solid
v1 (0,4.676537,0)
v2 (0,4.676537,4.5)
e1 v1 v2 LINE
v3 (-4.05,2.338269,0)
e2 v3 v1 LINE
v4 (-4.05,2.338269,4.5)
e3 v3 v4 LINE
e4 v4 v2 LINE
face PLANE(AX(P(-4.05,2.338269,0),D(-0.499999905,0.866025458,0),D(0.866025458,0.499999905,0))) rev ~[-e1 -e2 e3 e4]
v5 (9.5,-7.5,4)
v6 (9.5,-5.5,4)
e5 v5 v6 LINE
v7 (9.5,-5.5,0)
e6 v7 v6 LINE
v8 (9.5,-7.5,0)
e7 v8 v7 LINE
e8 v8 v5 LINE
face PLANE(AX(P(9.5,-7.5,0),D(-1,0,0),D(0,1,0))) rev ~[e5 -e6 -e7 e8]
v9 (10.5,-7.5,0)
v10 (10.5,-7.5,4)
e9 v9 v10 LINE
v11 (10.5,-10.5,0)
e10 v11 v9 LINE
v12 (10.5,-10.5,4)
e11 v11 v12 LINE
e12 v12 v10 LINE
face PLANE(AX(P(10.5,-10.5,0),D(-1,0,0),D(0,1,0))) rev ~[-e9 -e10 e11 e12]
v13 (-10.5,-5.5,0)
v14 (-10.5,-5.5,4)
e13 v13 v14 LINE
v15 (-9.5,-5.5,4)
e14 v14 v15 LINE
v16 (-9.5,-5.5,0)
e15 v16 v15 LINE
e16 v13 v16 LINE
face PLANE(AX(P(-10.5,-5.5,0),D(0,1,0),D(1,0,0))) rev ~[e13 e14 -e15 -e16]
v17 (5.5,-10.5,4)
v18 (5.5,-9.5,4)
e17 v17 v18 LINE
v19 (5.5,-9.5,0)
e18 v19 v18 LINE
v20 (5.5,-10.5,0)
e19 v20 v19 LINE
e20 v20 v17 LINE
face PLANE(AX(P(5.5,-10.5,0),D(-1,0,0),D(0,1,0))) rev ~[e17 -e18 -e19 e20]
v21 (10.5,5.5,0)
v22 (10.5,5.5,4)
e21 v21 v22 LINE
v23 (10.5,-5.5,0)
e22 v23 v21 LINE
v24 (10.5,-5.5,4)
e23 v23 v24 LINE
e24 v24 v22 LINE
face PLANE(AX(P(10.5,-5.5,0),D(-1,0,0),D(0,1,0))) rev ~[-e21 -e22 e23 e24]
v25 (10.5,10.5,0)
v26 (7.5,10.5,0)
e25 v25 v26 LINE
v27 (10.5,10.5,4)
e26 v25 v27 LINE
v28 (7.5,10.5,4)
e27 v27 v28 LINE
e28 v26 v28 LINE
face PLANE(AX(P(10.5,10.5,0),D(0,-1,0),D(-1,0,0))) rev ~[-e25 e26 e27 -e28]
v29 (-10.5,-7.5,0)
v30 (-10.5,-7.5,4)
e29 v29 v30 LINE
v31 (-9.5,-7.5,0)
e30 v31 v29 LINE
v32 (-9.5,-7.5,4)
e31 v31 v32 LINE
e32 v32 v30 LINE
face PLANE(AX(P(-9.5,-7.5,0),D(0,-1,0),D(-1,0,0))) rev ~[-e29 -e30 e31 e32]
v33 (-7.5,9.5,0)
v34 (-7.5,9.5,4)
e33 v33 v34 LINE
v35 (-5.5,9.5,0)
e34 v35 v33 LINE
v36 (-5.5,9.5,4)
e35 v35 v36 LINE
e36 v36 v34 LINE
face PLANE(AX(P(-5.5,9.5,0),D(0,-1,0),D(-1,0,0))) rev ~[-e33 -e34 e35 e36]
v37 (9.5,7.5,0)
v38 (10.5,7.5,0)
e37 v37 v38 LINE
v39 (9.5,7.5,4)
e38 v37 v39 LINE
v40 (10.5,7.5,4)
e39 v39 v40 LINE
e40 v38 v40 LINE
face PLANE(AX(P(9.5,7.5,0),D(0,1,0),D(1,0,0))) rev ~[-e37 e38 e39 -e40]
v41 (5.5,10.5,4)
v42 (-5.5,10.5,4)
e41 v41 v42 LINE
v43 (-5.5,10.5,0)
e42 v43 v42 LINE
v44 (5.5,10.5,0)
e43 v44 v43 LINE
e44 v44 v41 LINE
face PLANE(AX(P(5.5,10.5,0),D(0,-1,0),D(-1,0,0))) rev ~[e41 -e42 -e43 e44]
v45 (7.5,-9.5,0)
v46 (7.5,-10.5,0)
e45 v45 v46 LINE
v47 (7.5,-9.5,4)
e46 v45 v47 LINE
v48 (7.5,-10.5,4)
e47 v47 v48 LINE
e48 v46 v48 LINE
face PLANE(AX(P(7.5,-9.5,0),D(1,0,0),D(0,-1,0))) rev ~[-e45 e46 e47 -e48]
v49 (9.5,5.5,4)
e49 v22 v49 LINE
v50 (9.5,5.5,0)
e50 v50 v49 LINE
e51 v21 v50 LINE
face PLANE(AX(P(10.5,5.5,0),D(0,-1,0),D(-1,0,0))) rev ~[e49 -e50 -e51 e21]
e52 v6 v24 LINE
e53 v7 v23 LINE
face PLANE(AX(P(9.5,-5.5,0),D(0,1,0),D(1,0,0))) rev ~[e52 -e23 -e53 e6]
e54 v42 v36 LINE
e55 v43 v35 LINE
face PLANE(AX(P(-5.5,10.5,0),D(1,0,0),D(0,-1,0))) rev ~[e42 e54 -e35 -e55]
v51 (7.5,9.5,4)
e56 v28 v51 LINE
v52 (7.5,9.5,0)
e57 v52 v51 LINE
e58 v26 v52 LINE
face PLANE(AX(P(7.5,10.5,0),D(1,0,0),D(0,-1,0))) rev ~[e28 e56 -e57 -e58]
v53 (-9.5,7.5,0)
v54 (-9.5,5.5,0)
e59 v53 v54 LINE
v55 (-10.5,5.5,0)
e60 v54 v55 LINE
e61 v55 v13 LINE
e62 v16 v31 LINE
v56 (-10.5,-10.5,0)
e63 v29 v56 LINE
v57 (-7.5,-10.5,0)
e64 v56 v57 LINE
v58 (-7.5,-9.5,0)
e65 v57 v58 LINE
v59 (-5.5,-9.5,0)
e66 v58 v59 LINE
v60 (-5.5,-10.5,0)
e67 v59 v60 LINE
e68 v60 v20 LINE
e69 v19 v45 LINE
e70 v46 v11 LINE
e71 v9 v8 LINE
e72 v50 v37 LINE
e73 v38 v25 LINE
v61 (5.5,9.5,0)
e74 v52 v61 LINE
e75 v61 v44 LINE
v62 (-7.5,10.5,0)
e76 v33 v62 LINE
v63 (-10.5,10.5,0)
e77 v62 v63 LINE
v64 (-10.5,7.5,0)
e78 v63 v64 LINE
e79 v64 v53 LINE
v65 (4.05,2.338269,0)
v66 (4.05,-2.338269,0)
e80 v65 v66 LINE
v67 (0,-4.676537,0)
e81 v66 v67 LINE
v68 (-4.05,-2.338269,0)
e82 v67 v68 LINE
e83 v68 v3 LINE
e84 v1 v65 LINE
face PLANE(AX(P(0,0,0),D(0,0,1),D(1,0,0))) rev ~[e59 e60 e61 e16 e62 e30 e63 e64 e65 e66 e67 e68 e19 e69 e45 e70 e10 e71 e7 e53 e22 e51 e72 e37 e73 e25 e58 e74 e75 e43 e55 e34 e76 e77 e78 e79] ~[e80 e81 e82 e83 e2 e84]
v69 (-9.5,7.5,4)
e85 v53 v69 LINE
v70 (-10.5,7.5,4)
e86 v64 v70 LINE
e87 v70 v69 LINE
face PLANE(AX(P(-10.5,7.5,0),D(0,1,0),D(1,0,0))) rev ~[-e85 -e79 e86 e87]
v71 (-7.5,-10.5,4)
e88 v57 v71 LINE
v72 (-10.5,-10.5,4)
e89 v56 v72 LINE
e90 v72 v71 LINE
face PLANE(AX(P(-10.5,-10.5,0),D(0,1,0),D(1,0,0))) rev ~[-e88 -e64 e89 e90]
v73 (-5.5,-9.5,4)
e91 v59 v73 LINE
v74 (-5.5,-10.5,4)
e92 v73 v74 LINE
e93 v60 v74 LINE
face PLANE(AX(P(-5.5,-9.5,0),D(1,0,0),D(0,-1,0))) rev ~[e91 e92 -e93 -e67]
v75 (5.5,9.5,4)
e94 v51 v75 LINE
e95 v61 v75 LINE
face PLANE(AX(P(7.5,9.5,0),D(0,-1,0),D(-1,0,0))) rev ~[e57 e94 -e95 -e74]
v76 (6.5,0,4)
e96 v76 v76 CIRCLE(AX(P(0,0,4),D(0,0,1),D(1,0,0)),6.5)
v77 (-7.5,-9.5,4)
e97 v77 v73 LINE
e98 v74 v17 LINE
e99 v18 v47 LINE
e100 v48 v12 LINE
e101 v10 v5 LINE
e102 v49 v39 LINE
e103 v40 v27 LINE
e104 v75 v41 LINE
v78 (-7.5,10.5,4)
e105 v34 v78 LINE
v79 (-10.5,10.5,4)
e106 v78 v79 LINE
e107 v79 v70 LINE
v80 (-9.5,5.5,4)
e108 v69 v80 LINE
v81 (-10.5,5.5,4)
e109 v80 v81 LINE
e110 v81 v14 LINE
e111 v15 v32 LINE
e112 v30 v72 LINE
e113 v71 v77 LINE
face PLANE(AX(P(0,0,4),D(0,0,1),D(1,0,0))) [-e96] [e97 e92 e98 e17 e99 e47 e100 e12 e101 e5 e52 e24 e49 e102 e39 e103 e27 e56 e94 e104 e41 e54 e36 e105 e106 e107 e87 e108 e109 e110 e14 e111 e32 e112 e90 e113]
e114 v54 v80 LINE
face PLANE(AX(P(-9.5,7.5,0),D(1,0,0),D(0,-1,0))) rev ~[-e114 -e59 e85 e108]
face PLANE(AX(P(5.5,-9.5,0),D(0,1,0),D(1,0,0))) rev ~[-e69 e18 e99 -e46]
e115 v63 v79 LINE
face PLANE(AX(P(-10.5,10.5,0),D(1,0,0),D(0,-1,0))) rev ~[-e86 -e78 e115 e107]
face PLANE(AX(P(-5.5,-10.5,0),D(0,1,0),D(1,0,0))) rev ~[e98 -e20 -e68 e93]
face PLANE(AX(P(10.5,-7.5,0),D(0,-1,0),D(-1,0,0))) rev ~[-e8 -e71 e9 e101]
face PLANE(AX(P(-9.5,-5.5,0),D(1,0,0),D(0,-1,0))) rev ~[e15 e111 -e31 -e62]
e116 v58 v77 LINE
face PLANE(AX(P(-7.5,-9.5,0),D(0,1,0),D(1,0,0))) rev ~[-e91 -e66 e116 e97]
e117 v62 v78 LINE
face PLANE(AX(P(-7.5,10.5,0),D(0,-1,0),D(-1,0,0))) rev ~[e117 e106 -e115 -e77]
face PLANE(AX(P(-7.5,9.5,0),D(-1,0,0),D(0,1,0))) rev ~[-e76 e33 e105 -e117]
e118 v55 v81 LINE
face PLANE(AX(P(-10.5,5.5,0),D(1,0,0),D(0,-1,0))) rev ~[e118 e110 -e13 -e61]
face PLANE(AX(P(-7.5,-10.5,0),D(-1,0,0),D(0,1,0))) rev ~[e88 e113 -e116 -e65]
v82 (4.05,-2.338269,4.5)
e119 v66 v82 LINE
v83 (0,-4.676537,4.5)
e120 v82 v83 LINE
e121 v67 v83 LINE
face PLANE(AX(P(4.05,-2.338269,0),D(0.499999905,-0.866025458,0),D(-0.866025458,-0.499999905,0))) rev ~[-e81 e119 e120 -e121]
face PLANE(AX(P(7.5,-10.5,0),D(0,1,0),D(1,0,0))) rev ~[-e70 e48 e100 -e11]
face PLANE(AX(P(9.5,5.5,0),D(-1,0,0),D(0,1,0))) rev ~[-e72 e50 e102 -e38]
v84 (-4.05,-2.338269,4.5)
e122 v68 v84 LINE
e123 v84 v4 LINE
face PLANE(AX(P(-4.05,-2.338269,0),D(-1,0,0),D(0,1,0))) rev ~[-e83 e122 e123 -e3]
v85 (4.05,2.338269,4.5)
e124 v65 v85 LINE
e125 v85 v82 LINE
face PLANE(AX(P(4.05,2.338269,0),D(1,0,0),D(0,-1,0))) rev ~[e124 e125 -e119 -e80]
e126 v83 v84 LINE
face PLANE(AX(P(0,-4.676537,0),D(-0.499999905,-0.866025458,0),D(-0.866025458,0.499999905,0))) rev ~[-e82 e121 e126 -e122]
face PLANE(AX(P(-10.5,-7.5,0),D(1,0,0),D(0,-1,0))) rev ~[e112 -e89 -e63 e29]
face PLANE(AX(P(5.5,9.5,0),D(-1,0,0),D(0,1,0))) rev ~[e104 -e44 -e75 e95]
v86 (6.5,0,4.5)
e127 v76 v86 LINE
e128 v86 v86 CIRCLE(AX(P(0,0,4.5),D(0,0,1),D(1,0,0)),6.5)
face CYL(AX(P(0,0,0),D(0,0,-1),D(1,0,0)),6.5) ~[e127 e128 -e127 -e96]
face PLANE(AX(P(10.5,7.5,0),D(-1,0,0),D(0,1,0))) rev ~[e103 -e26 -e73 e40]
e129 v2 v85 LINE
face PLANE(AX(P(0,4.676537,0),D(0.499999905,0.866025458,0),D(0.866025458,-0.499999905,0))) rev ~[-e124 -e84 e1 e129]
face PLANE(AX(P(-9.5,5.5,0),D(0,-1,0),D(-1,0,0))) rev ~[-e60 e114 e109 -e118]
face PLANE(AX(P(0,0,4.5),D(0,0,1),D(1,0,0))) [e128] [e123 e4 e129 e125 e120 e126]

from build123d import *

# Parameters (mm, degrees)
F0_R     = 6.5
F1_DEPTH = 4
F2_DEPTH = 4.5


with BuildPart() as f1:
    # F0 (on Top) → F1 (new body)
    with BuildSketch(Plane.XY):
        Polygon((7.5, -10.5), (10.5, -10.5), (10.5, -7.5), (9.5, -7.5), (9.5, -5.5), (10.5, -5.5), (10.5, 5.5), (9.5, 5.5), (9.5, 7.5), (10.5, 7.5), (10.5, 10.5), (7.5, 10.5), (7.5, 9.5), (5.5, 9.5), (5.5, 10.5), (-5.5, 10.5), (-5.5, 9.5), (-7.5, 9.5), (-7.5, 10.5), (-10.5, 10.5), (-10.5, 7.5), (-9.5, 7.5), (-9.5, 5.5), (-10.5, 5.5), (-10.5, -5.5), (-9.5, -5.5), (-9.5, -7.5), (-10.5, -7.5), (-10.5, -10.5), (-7.5, -10.5), (-7.5, -9.5), (-5.5, -9.5), (-5.5, -10.5), (5.5, -10.5), (5.5, -9.5), (7.5, -9.5), align=None)
        Circle(F0_R, mode=Mode.SUBTRACT)
    extrude(amount=F1_DEPTH)

    # F0 (on Top) → F2 (join)
    with BuildSketch(Plane.XY):
        Circle(F0_R)
        Polygon((4.05, 2.338269), (4.05, -2.338269), (0, -4.676537), (-4.05, -2.338269), (-4.05, 2.338269), (0, 4.676537), align=None, mode=Mode.SUBTRACT)
    extrude(amount=F2_DEPTH)


solid = f1.part
